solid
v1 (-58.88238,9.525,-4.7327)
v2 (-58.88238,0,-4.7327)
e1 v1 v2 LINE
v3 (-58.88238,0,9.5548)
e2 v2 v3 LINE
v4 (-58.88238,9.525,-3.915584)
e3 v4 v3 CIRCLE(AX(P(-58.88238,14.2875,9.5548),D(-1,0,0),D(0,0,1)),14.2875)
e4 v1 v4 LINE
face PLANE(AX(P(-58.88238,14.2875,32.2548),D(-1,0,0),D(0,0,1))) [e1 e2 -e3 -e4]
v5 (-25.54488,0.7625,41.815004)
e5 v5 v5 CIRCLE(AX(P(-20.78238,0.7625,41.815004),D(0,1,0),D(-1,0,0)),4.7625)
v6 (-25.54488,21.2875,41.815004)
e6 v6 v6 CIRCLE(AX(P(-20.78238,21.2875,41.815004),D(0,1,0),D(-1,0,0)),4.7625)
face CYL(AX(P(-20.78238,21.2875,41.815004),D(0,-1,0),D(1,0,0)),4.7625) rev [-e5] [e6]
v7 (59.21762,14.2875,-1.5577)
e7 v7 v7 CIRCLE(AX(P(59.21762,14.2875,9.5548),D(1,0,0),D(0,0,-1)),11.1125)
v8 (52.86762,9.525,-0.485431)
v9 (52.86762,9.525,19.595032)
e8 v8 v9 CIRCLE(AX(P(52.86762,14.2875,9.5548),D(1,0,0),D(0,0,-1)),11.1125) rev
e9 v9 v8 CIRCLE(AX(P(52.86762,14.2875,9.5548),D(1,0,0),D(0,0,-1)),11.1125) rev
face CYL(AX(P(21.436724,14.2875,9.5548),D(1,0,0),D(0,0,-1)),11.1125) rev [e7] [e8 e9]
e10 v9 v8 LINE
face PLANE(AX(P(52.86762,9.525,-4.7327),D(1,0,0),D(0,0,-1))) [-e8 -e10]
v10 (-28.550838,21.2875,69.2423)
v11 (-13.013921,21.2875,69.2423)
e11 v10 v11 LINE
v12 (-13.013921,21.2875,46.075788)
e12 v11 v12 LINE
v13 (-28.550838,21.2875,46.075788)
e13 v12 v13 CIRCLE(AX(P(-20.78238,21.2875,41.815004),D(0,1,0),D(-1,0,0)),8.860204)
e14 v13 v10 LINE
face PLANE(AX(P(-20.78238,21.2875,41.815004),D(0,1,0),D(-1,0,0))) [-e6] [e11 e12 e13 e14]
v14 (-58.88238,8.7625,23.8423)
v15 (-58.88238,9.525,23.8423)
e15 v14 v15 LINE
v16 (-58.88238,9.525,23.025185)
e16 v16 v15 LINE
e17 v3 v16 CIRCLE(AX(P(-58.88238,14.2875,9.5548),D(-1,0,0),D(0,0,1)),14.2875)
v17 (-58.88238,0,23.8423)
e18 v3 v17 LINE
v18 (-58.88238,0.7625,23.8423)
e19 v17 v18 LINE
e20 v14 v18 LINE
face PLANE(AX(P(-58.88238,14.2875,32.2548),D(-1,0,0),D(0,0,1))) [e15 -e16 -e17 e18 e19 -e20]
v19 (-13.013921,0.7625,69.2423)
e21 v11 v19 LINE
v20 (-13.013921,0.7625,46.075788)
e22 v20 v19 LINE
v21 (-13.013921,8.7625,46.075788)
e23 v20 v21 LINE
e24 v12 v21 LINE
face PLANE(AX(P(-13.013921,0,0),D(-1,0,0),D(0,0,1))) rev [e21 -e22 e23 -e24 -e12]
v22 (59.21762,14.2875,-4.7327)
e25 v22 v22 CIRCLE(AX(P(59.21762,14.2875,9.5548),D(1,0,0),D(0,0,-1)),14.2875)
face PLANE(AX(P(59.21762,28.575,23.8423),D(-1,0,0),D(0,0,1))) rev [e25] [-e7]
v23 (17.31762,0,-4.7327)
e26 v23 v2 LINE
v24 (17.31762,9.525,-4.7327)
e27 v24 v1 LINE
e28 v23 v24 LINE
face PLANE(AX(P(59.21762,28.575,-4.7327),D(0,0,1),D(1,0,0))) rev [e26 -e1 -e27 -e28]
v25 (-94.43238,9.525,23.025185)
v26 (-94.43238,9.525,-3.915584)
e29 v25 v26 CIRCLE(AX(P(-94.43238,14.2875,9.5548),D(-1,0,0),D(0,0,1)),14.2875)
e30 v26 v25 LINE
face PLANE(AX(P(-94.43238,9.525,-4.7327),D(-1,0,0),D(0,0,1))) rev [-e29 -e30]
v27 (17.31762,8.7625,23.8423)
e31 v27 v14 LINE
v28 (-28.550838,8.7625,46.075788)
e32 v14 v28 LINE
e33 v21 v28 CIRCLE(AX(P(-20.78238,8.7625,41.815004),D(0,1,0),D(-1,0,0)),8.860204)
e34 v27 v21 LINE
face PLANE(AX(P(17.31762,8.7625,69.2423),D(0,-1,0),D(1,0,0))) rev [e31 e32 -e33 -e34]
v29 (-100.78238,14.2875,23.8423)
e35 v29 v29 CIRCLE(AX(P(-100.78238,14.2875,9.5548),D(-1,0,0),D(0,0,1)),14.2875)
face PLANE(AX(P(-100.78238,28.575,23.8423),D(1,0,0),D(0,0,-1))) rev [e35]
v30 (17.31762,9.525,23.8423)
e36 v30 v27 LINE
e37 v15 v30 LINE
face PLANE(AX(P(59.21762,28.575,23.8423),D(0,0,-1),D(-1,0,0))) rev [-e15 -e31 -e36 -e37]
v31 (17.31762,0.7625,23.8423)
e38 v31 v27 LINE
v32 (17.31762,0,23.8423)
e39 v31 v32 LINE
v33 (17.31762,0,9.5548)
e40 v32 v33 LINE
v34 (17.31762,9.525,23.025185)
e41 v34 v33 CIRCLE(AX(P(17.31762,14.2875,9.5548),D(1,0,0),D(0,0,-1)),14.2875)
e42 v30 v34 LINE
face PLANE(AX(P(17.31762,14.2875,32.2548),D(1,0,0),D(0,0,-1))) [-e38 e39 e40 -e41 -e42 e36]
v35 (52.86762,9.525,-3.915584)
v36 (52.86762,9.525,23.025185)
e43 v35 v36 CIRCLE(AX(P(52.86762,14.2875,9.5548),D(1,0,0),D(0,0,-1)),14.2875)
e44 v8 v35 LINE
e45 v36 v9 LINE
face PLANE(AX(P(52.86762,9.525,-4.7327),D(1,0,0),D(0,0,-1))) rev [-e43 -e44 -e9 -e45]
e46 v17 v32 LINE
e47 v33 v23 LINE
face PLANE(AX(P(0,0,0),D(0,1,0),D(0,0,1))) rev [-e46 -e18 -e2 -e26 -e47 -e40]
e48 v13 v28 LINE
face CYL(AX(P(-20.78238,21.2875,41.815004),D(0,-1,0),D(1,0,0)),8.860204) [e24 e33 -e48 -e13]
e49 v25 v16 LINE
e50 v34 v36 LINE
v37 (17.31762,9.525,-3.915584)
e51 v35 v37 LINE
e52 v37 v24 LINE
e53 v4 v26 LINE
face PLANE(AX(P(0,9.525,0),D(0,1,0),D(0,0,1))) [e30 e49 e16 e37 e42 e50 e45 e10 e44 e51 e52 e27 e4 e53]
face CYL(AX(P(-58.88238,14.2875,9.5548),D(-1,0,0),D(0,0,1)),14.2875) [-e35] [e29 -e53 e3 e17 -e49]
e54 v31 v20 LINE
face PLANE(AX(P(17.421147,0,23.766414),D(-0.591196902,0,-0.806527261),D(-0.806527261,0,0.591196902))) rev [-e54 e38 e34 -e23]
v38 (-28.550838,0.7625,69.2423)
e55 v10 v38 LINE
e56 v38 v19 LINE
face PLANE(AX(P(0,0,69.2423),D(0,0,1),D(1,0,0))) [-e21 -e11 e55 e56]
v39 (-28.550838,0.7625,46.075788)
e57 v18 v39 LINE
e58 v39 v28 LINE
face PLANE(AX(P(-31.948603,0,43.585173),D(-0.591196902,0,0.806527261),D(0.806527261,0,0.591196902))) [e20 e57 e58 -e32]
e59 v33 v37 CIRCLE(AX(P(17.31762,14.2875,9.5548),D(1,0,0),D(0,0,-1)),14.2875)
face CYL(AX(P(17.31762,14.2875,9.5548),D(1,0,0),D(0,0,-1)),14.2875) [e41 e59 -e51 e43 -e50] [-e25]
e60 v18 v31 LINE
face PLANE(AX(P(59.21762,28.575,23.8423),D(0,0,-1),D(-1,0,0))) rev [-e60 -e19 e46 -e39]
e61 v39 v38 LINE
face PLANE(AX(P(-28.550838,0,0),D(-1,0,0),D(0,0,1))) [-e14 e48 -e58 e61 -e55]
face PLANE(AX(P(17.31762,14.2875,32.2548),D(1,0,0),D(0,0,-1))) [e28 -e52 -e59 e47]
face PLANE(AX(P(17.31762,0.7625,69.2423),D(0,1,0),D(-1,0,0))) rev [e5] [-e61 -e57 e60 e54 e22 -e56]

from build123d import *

# Parameters (mm, degrees)
SKETCH1_W           = 160
SKETCH1_H           = 28.575
BOSS_EXTRUDE1_DEPTH = 28.575
SKETCH3_W           = 147.3
SKETCH3_H           = 28.575
CUT_EXTRUDE3_DEPTH  = 19.05
SKETCH4_W           = 76.2
SKETCH4_H           = 8
BOSS_EXTRUDE2_DEPTH = 45.4
CUT_EXTRUDE8_DEPTH  = 124.871382326
SKETCH9_R           = 4.7625
BOSS_EXTRUDE4_DEPTH = 12.525
SKETCH10_R          = 4.7625
CUT_EXTRUDE10_DEPTH = 124.871382326
CUT_EXTRUDE11_START = -41.9
SKETCH2_OUTSIDE_W   = 111.689
SKETCH2_OUTSIDE_H   = 66.289
SKETCH2_OUTSIDE_R   = 14.2875
CUT_EXTRUDE11_DEPTH = 41.9
CUT_EXTRUDE13_START = -41.9
SKETCH13_OUTSIDE_W  = 111.689
SKETCH13_OUTSIDE_H  = 66.289
SKETCH13_OUTSIDE_R  = 14.2875
CUT_EXTRUDE13_DEPTH = 41.9
SKETCH14_R          = 11.1125
CUT_EXTRUDE14_DEPTH = 6.35


with BuildPart() as part:
    # Sketch1 → Boss-Extrude1 (new body)
    with BuildSketch(Plane(origin=(0, 0, 0), x_dir=(1, 0, 0), z_dir=(0, 1, 0))):
        with Locations((-20.782379652, -9.554800327)):
            Rectangle(SKETCH1_W, SKETCH1_H)
    extrude(amount=BOSS_EXTRUDE1_DEPTH)

    # Sketch3 → Cut-Extrude3 (cut)
    with BuildSketch(Plane(origin=(0, 28.575, 0), x_dir=(1, 0, 0), z_dir=(0, 1, 0))):
        with Locations((-20.782379652, -9.554800327)):
            Rectangle(SKETCH3_W, SKETCH3_H)
    extrude(amount=-CUT_EXTRUDE3_DEPTH, mode=Mode.SUBTRACT)

    # Sketch4 → Boss-Extrude2 (add)
    with BuildSketch(Plane.XY.offset(23.842300327)):
        with Locations((-20.782379652, 4.7625)):
            Rectangle(SKETCH4_W, SKETCH4_H)
    extrude(amount=BOSS_EXTRUDE2_DEPTH)

    # Sketch5 → Cut-Extrude8 (cut, through all)
    with BuildSketch(Plane(origin=(0, 8.7625, 0), x_dir=(1, 0, 0), z_dir=(0, 1, 0))):
        Polygon((-13.013921372, -46.075787503), (-13.013921372, -69.242300327), (17.317620348, -69.242300327), (17.317620348, -23.842300327), align=None)
        Polygon((-28.550837933, -69.242300327), (-28.550837933, -46.075787503), (-58.882379652, -23.842300327), (-58.882379652, -69.242300327), align=None)
    extrude(amount=-CUT_EXTRUDE8_DEPTH, mode=Mode.SUBTRACT)

    # Sketch9 → Boss-Extrude4 (add)
    with BuildSketch(Plane(origin=(0, 8.7625, 0), x_dir=(1, 0, 0), z_dir=(0, 1, 0))):
        with BuildLine():
            Line((-28.550837933, -46.075787503), (-28.550837933, -69.242300327))
            Line((-28.550837933, -69.242300327), (-13.013921372, -69.242300327))
            Line((-13.013921372, -69.242300327), (-13.013921372, -46.075787503))
            ThreePointArc((-13.013921372, -46.075787503), (-20.782379652, -32.954800327), (-28.550837933, -46.075787503))
        make_face()
        with Locations(Location((-20.782379652, -41.815004419, 0), (0, 0, 180))):
            Circle(SKETCH9_R, mode=Mode.SUBTRACT)
    extrude(amount=BOSS_EXTRUDE4_DEPTH)

    # Sketch10 → Cut-Extrude10 (cut, through all)
    with BuildSketch(Plane(origin=(0, 8.7625, 0), x_dir=(1, 0, 0), z_dir=(0, 1, 0))):
        with Locations(Location((-20.782379652, -41.815004419, 0), (0, 0, 180))):
            Circle(SKETCH10_R)
    extrude(amount=-CUT_EXTRUDE10_DEPTH, mode=Mode.SUBTRACT)

    # Sketch2 outside → Cut-Extrude11 (cut)
    with BuildSketch(Plane(origin=(59.217620348, 0, 0), x_dir=(0, 0, -1), z_dir=(1, 0, 0)).offset(CUT_EXTRUDE11_START)):
        with Locations((-32.2545, 14.2875)):
            Rectangle(SKETCH2_OUTSIDE_W, SKETCH2_OUTSIDE_H)
        with Locations((-9.554800327, 14.2875)):
            Circle(SKETCH2_OUTSIDE_R, mode=Mode.SUBTRACT)
    extrude(amount=CUT_EXTRUDE11_DEPTH, mode=Mode.SUBTRACT)

    # Sketch13 outside → Cut-Extrude13 (cut)
    with BuildSketch(Plane.ZY.offset(100.782379652).offset(CUT_EXTRUDE13_START)):
        with Locations((32.2545, 14.2875)):
            Rectangle(SKETCH13_OUTSIDE_W, SKETCH13_OUTSIDE_H)
        with Locations(Location((9.554800327, 14.2875, 0), (0, 0, 180))):
            Circle(SKETCH13_OUTSIDE_R, mode=Mode.SUBTRACT)
    extrude(amount=CUT_EXTRUDE13_DEPTH, mode=Mode.SUBTRACT)

    # Sketch14 → Cut-Extrude14 (cut)
    with BuildSketch(Plane(origin=(59.217620348, 0, 0), x_dir=(0, 0, -1), z_dir=(1, 0, 0))):
        with Locations((-9.554800327, 14.2875)):
            Circle(SKETCH14_R)
    extrude(amount=-CUT_EXTRUDE14_DEPTH, mode=Mode.SUBTRACT)


solid = part.part
